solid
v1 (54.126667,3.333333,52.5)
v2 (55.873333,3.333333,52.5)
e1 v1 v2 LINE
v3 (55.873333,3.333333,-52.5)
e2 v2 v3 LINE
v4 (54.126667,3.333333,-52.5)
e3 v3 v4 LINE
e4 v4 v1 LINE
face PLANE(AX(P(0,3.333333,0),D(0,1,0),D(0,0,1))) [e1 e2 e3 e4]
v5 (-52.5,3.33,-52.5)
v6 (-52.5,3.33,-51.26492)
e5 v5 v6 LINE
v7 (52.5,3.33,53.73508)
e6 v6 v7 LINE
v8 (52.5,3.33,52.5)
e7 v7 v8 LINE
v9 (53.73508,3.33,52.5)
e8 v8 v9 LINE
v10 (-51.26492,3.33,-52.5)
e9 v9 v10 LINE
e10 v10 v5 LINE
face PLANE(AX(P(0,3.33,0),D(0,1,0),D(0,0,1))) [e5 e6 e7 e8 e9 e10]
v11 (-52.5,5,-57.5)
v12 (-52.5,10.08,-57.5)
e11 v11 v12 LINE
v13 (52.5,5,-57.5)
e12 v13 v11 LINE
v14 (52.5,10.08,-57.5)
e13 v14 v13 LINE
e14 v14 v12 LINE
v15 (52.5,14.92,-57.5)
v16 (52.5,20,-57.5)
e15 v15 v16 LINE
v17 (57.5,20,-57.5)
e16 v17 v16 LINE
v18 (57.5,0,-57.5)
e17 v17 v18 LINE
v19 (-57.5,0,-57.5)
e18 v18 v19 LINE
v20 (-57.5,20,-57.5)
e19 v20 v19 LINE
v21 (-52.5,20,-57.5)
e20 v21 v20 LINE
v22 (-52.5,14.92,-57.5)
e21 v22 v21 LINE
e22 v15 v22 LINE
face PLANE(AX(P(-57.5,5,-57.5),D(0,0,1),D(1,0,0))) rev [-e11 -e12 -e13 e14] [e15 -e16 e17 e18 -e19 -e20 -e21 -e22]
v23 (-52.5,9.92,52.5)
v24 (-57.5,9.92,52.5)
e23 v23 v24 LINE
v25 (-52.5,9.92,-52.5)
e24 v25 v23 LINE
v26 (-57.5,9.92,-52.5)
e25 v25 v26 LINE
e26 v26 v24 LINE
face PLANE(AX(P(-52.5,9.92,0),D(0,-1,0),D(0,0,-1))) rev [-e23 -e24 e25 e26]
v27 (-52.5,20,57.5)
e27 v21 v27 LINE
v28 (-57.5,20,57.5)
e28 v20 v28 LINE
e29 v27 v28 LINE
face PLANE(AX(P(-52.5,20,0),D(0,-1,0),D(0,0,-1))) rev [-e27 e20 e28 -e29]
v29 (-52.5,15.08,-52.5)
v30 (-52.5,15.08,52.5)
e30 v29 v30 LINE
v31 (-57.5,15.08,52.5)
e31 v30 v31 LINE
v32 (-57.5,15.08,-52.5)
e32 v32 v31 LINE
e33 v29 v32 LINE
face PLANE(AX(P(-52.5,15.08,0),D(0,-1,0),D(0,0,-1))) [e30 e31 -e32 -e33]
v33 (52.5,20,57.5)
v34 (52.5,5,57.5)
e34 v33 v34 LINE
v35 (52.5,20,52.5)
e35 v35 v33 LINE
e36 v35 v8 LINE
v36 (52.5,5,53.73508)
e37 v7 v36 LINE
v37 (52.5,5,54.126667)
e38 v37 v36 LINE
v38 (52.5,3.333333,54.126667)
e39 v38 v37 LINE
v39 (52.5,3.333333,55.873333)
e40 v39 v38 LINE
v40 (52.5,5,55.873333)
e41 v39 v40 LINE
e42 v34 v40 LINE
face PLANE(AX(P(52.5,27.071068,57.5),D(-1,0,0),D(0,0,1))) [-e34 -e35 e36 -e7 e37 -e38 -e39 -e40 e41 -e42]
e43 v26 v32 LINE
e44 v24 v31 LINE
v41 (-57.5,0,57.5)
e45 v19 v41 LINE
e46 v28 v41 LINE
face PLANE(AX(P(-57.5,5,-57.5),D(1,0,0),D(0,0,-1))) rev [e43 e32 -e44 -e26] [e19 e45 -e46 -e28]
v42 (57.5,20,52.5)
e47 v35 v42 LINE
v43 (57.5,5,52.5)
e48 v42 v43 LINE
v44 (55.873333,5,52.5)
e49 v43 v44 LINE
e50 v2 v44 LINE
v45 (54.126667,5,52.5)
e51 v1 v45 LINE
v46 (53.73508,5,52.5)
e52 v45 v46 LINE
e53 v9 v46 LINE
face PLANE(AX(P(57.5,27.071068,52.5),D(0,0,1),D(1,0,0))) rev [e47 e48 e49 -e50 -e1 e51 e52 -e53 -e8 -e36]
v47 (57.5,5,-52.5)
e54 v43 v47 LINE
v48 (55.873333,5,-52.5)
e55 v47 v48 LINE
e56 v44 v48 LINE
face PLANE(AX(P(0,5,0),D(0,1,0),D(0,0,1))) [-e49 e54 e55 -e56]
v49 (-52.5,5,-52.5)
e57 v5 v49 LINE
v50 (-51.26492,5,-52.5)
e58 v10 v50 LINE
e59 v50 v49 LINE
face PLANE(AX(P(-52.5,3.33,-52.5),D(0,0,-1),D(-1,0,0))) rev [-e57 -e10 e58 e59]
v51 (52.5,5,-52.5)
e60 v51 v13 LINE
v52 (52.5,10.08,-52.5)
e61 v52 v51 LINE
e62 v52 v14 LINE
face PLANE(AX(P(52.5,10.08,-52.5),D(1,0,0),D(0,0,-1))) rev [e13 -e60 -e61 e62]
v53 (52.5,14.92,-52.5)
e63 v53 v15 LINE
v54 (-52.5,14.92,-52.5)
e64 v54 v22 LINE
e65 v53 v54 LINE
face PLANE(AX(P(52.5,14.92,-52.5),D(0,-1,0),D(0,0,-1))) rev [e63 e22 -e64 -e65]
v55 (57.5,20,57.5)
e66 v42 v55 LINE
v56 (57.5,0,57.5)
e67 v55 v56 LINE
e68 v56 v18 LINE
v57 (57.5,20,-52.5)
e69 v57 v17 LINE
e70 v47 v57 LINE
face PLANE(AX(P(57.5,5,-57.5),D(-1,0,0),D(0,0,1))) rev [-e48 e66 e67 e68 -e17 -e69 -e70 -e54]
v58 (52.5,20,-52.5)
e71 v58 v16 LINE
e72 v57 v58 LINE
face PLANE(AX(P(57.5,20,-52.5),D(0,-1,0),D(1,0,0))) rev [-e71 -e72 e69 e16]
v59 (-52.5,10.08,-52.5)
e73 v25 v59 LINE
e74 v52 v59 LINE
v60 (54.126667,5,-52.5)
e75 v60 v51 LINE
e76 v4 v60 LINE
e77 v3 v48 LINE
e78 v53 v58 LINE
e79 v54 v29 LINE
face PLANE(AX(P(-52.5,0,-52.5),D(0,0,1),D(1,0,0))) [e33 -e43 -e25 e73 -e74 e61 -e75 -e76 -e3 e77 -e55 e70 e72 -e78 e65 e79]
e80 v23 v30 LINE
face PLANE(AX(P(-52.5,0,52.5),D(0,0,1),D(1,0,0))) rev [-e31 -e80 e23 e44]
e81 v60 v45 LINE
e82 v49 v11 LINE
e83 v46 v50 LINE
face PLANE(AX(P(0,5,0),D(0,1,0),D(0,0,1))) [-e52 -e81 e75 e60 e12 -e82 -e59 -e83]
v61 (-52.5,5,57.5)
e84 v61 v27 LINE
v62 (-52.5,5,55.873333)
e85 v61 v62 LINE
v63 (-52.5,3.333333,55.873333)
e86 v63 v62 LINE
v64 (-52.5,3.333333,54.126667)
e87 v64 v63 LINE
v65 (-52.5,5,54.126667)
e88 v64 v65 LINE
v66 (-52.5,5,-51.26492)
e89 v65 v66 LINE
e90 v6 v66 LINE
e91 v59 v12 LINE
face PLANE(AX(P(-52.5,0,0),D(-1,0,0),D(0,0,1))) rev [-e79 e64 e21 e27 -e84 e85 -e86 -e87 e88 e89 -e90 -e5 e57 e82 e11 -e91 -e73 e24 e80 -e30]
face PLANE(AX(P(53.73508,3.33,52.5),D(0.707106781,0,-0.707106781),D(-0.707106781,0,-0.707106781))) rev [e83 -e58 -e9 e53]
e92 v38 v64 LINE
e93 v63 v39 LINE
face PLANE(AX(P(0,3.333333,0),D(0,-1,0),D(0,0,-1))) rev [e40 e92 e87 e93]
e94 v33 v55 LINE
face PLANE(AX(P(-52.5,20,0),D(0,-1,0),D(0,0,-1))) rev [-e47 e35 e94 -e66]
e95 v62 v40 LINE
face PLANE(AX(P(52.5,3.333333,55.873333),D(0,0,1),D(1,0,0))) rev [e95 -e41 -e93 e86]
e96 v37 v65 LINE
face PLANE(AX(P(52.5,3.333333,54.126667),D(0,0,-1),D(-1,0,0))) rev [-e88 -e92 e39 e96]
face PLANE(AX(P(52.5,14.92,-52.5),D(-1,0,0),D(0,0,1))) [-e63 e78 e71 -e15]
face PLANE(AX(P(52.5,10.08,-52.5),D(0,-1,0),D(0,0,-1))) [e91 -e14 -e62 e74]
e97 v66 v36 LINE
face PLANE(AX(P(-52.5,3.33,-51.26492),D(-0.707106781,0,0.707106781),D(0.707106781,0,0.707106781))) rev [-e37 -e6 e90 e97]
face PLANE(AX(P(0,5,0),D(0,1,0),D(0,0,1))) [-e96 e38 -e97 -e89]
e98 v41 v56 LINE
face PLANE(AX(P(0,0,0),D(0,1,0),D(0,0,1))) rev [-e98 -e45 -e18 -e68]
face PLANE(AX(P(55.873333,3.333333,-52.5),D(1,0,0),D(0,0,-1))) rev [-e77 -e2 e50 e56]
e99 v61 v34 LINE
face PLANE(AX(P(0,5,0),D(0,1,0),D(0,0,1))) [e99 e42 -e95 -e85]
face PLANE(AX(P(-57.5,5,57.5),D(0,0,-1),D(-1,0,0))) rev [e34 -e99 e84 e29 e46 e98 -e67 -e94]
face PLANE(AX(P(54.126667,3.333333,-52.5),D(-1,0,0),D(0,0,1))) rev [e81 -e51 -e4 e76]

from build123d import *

# Parameters (mm, degrees)
SKETCH1_W          = 115
SKETCH1_H          = 115
BASE_DEPTH         = 5
SKETCH2_W          = 115
SKETCH2_H          = 15
SKETCH2_W_2        = 105
SKETCH2_H_2        = 5.16
FRAME1_DEPTH       = 5
FRAME2_START       = -5
FRAME2_DEPTH       = 5
SKETCH5_W          = 5
SKETCH5_H          = 5
POST_DEPTH         = 15
SKETCH6_W          = 1.746666666
SKETCH6_H          = 105
SKETCH6_W_2        = 105
SKETCH6_H_2        = 1.746666666
TRACKS_DEPTH       = 1.666666667
CUT_EXTRUDE1_DEPTH = 1.67


with BuildPart() as part:
    # Sketch1 → Base (new body)
    with BuildSketch(Plane(origin=(0, 0, 0), x_dir=(1, 0, 0), z_dir=(0, 1, 0))):
        Rectangle(SKETCH1_W, SKETCH1_H)
    extrude(amount=BASE_DEPTH)

    # Sketch2 → Frame1 (add)
    with BuildSketch(Plane.ZY.offset(57.5)):
        with Locations((0, 12.5)):
            Rectangle(SKETCH2_W, SKETCH2_H)
        with Locations((0, 12.5)):
            Rectangle(SKETCH2_W_2, SKETCH2_H_2, mode=Mode.SUBTRACT)
    extrude(amount=-FRAME1_DEPTH)

    # Sketch4 → Frame2 (add)
    with BuildSketch(Plane(origin=(0, 0, -57.5), x_dir=(-1, 0, 0), z_dir=(0, 0, -1)).offset(FRAME2_START)):
        Polygon((-57.5, 5), (-52.5, 5), (-52.5, 10.08), (52.5, 10.08), (52.5, 5), (57.5, 5), (57.5, 20), (52.5, 20), (52.5, 14.92), (-52.5, 14.92), (-52.5, 20), (-57.5, 20), align=None)
    extrude(amount=FRAME2_DEPTH)

    # Sketch5 → Post (add)
    with BuildSketch(Plane(origin=(0, 5, 0), x_dir=(1, 0, 0), z_dir=(0, 1, 0))):
        with Locations((55, -55)):
            Rectangle(SKETCH5_W, SKETCH5_H)
    extrude(amount=POST_DEPTH)

    # Sketch6 → Tracks (cut)
    with BuildSketch(Plane(origin=(0, 5, 0), x_dir=(1, 0, 0), z_dir=(0, 1, 0))):
        with Locations((55, 0)):
            Rectangle(SKETCH6_W, SKETCH6_H)
        with Locations((0, -55)):
            Rectangle(SKETCH6_W_2, SKETCH6_H_2)
    extrude(amount=-TRACKS_DEPTH, mode=Mode.SUBTRACT)

    # Sketch7 → Cut-Extrude1 (cut)
    with BuildSketch(Plane(origin=(0, 5, 0), x_dir=(1, 0, 0), z_dir=(0, 1, 0))):
        Polygon((53.735079844, -52.5), (-51.264920156, 52.5), (-52.5, 52.5), (-52.5, 51.264920156), (52.5, -53.735079844), (52.5, -52.5), align=None)
    extrude(amount=-CUT_EXTRUDE1_DEPTH, mode=Mode.SUBTRACT)


solid = part.part
